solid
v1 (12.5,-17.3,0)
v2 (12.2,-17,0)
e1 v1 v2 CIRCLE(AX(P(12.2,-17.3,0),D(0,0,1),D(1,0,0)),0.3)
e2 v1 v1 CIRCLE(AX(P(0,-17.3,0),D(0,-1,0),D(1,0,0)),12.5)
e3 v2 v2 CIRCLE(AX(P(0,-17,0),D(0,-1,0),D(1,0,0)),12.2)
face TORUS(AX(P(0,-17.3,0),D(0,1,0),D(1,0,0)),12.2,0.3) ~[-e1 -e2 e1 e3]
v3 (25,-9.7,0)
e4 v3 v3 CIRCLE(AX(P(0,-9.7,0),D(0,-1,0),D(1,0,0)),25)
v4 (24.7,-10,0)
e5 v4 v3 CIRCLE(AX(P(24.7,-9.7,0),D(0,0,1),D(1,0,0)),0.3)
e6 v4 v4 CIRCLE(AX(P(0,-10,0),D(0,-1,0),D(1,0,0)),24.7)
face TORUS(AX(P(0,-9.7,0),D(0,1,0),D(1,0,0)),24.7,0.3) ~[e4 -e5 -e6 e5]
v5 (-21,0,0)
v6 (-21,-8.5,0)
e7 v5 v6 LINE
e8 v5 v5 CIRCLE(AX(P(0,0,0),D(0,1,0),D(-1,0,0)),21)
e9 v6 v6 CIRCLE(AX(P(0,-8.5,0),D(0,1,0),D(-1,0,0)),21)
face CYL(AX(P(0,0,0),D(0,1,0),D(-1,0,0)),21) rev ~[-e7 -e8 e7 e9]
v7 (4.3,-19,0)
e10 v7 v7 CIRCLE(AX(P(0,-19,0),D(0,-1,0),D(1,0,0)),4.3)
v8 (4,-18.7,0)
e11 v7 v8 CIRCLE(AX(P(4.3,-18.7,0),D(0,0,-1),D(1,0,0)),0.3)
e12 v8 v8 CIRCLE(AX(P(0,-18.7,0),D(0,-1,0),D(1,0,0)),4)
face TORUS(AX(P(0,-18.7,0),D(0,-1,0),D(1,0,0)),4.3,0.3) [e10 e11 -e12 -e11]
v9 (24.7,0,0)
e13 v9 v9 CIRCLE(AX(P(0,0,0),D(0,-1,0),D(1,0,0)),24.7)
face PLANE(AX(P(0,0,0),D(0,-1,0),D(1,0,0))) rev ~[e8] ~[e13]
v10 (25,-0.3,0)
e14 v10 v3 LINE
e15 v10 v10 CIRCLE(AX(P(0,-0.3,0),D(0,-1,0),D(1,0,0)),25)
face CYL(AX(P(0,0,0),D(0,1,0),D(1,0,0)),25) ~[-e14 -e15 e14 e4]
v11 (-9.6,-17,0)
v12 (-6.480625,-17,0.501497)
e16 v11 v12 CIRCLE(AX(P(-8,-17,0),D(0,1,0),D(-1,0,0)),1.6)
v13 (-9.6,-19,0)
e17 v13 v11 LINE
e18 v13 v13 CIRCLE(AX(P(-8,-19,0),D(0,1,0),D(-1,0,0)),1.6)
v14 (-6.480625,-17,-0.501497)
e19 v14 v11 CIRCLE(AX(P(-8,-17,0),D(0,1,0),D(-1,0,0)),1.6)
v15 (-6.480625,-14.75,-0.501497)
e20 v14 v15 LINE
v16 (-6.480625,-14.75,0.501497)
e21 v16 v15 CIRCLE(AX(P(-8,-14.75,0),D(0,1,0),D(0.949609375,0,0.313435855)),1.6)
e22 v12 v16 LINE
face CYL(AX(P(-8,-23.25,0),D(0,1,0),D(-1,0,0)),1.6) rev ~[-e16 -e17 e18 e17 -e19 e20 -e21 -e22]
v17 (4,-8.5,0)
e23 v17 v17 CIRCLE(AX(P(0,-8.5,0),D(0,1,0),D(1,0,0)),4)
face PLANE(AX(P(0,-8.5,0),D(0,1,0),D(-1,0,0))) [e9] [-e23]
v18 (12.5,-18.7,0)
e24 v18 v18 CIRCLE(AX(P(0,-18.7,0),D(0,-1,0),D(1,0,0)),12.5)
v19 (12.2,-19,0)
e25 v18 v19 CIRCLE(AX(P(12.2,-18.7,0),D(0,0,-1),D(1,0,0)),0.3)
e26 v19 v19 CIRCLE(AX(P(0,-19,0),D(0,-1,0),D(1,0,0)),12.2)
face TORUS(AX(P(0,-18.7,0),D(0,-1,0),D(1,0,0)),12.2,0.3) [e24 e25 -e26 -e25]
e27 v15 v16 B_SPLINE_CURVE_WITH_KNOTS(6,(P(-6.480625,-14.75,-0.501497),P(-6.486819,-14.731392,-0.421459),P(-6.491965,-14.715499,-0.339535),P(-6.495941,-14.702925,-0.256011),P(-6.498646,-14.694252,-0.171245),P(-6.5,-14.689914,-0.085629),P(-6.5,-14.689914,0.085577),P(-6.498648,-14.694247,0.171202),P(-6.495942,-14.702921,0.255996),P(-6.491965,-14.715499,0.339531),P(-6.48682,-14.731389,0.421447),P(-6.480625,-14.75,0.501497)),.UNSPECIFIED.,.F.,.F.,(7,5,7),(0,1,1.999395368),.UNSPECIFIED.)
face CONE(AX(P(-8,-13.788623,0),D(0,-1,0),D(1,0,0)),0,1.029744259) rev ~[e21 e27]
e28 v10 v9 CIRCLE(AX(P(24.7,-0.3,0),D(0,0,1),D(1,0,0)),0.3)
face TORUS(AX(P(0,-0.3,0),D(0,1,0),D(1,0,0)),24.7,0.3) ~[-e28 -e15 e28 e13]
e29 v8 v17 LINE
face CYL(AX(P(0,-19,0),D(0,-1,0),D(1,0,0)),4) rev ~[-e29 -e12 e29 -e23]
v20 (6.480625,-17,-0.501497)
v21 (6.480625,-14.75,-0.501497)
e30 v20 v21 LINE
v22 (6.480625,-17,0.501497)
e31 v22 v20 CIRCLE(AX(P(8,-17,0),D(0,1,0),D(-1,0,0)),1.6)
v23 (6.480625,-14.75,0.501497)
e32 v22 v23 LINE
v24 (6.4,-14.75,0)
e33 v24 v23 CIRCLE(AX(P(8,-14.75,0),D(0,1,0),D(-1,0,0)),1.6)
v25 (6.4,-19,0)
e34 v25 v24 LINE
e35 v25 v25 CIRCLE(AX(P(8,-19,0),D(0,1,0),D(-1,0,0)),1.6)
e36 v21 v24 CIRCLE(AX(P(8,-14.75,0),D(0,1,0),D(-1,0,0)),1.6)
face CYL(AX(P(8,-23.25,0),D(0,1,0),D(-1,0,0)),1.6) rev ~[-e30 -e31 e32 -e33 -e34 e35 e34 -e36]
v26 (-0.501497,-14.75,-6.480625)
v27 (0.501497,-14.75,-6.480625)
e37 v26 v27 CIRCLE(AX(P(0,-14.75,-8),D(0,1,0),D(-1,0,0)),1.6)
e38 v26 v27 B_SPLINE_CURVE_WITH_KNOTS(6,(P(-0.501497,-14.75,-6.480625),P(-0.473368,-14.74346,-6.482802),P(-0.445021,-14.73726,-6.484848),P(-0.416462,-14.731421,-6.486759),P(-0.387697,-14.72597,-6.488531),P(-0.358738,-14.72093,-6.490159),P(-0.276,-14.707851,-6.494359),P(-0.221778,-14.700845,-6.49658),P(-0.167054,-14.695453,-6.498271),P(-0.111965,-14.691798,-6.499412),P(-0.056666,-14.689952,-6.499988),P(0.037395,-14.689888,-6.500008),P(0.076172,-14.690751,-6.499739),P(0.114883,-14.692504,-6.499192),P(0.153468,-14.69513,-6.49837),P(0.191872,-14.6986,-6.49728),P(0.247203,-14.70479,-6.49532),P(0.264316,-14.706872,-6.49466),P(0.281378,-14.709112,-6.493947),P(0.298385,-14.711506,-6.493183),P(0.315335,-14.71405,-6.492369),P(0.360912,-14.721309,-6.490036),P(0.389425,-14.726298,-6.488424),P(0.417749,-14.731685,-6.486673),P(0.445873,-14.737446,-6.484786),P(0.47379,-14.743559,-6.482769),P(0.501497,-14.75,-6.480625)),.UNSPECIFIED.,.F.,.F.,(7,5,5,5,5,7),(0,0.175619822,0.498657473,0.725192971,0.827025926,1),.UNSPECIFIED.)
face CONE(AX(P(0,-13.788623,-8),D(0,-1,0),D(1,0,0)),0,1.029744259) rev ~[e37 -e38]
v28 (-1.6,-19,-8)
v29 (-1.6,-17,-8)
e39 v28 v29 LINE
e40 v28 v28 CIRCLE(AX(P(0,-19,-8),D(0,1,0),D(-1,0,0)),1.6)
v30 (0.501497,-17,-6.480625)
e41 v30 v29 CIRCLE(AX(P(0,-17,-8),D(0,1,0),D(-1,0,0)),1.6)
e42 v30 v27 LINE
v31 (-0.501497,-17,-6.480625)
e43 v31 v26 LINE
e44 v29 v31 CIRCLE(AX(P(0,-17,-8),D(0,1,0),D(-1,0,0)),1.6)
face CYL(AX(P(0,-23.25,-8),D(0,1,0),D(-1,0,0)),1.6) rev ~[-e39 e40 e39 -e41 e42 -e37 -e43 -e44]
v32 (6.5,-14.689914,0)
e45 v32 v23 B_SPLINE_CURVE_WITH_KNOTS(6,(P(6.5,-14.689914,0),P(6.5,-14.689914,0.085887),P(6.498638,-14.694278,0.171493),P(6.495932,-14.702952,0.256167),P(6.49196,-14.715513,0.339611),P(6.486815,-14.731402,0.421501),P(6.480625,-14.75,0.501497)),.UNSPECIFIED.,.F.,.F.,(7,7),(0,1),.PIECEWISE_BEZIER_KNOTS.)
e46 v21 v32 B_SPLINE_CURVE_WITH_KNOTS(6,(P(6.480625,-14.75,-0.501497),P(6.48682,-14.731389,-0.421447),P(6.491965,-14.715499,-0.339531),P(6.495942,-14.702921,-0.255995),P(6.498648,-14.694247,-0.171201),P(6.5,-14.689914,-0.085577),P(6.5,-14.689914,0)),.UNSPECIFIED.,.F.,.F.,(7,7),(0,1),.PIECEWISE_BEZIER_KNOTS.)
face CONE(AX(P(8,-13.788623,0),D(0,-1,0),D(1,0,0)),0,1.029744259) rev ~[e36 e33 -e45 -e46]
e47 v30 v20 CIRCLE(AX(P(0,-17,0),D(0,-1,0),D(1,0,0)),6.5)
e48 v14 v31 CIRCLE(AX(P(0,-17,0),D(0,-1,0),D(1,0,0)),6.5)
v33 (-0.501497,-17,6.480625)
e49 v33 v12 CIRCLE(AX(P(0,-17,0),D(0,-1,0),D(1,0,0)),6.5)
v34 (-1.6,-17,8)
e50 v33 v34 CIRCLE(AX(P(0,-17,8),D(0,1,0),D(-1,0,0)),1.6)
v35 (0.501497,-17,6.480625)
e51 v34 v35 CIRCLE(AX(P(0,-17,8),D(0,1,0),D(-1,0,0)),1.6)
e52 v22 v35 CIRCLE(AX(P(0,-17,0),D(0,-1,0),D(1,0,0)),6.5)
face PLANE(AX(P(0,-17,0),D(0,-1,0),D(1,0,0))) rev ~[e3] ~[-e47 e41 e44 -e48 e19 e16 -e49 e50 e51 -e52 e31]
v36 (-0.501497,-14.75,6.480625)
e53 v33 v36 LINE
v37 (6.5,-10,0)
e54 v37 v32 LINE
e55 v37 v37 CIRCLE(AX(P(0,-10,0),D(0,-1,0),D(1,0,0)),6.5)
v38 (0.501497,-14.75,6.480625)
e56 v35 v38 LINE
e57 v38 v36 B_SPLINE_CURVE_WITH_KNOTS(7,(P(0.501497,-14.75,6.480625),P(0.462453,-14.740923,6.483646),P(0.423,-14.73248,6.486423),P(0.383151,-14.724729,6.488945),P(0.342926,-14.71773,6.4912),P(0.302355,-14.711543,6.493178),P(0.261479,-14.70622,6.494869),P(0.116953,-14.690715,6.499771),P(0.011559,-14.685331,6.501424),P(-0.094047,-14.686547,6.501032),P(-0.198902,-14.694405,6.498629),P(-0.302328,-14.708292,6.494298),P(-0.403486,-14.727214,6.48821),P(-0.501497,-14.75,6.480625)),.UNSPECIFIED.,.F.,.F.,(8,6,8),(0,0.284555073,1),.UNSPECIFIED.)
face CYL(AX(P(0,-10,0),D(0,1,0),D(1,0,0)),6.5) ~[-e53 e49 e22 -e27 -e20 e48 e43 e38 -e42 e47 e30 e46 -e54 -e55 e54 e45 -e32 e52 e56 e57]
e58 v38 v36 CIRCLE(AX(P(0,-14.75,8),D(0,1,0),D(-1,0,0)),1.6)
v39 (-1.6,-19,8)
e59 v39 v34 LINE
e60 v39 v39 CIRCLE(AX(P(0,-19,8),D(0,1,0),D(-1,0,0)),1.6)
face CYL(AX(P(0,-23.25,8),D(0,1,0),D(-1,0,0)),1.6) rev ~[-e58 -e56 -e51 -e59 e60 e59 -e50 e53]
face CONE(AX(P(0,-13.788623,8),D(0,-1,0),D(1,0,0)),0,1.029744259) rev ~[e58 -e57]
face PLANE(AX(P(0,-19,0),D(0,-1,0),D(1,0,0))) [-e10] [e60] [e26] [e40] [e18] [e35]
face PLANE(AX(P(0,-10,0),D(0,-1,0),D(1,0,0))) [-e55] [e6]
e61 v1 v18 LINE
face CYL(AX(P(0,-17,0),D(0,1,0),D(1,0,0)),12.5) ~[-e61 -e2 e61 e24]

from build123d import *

# Parameters (mm, degrees)
F0_R      = 25
F1_DEPTH  = 10
F2_R      = 6.5
F3_DEPTH  = 7
F4_R      = 12.5
F5_DEPTH  = 2
F6_R      = 4
F7_DEPTH  = 19.001
F9_D      = 3.2
F9_DEPTH  = 4.25
F9_TIP    = 0.9613769904
F10_R     = 0.3
F11_R     = 21
F11_R_2   = 4
F12_DEPTH = 8.5


with BuildPart() as f1:
    # F0 (on Front) → F1 (new body)
    with BuildSketch(Plane.XZ):
        Circle(F0_R)
    extrude(amount=F1_DEPTH)

    # F2 (on face) → F3 (join)
    with BuildSketch(Plane.XZ.offset(10)):
        Circle(F2_R)
    extrude(amount=F3_DEPTH)

    # F4 (on face) → F5 (join)
    with BuildSketch(Plane.XZ.offset(17)):
        Circle(F4_R)
    extrude(amount=F5_DEPTH)

    # F6 (on face) → F7 (cut, through all)
    with BuildSketch(Plane.XZ.offset(19)):
        Circle(F6_R)
    extrude(amount=-F7_DEPTH, mode=Mode.SUBTRACT)

    # F9
    with Locations(Plane.XZ.offset(19)):
        with Locations((-8, 0), (0, 8), (8, 0), (0, -8)):
            Hole(F9_D / 2, depth=F9_DEPTH)
            with Locations((0, 0, -(F9_DEPTH + F9_TIP / 2))):  # 118° drill point
                Cone(0, F9_D / 2, F9_TIP, mode=Mode.SUBTRACT)

    # F10
    f10_edges = [f1.edges().sort_by_distance(p)[0] for p in [
        (-25, -10, 0),
        (-25, 0, 0),
        (-12.5, -19, 0),
        (-12.5, -17, 0),
        (-4, -19, 0),
    ]]
    fillet(f10_edges, radius=F10_R)

    # F11 (on face) → F12 (cut)
    with BuildSketch(Plane(origin=(0, 0, 0), x_dir=(-1, 0, 0), z_dir=(0, 1, 0))):
        Circle(F11_R)
        Circle(F11_R_2, mode=Mode.SUBTRACT)
    extrude(amount=-F12_DEPTH, mode=Mode.SUBTRACT)


solid = f1.part
